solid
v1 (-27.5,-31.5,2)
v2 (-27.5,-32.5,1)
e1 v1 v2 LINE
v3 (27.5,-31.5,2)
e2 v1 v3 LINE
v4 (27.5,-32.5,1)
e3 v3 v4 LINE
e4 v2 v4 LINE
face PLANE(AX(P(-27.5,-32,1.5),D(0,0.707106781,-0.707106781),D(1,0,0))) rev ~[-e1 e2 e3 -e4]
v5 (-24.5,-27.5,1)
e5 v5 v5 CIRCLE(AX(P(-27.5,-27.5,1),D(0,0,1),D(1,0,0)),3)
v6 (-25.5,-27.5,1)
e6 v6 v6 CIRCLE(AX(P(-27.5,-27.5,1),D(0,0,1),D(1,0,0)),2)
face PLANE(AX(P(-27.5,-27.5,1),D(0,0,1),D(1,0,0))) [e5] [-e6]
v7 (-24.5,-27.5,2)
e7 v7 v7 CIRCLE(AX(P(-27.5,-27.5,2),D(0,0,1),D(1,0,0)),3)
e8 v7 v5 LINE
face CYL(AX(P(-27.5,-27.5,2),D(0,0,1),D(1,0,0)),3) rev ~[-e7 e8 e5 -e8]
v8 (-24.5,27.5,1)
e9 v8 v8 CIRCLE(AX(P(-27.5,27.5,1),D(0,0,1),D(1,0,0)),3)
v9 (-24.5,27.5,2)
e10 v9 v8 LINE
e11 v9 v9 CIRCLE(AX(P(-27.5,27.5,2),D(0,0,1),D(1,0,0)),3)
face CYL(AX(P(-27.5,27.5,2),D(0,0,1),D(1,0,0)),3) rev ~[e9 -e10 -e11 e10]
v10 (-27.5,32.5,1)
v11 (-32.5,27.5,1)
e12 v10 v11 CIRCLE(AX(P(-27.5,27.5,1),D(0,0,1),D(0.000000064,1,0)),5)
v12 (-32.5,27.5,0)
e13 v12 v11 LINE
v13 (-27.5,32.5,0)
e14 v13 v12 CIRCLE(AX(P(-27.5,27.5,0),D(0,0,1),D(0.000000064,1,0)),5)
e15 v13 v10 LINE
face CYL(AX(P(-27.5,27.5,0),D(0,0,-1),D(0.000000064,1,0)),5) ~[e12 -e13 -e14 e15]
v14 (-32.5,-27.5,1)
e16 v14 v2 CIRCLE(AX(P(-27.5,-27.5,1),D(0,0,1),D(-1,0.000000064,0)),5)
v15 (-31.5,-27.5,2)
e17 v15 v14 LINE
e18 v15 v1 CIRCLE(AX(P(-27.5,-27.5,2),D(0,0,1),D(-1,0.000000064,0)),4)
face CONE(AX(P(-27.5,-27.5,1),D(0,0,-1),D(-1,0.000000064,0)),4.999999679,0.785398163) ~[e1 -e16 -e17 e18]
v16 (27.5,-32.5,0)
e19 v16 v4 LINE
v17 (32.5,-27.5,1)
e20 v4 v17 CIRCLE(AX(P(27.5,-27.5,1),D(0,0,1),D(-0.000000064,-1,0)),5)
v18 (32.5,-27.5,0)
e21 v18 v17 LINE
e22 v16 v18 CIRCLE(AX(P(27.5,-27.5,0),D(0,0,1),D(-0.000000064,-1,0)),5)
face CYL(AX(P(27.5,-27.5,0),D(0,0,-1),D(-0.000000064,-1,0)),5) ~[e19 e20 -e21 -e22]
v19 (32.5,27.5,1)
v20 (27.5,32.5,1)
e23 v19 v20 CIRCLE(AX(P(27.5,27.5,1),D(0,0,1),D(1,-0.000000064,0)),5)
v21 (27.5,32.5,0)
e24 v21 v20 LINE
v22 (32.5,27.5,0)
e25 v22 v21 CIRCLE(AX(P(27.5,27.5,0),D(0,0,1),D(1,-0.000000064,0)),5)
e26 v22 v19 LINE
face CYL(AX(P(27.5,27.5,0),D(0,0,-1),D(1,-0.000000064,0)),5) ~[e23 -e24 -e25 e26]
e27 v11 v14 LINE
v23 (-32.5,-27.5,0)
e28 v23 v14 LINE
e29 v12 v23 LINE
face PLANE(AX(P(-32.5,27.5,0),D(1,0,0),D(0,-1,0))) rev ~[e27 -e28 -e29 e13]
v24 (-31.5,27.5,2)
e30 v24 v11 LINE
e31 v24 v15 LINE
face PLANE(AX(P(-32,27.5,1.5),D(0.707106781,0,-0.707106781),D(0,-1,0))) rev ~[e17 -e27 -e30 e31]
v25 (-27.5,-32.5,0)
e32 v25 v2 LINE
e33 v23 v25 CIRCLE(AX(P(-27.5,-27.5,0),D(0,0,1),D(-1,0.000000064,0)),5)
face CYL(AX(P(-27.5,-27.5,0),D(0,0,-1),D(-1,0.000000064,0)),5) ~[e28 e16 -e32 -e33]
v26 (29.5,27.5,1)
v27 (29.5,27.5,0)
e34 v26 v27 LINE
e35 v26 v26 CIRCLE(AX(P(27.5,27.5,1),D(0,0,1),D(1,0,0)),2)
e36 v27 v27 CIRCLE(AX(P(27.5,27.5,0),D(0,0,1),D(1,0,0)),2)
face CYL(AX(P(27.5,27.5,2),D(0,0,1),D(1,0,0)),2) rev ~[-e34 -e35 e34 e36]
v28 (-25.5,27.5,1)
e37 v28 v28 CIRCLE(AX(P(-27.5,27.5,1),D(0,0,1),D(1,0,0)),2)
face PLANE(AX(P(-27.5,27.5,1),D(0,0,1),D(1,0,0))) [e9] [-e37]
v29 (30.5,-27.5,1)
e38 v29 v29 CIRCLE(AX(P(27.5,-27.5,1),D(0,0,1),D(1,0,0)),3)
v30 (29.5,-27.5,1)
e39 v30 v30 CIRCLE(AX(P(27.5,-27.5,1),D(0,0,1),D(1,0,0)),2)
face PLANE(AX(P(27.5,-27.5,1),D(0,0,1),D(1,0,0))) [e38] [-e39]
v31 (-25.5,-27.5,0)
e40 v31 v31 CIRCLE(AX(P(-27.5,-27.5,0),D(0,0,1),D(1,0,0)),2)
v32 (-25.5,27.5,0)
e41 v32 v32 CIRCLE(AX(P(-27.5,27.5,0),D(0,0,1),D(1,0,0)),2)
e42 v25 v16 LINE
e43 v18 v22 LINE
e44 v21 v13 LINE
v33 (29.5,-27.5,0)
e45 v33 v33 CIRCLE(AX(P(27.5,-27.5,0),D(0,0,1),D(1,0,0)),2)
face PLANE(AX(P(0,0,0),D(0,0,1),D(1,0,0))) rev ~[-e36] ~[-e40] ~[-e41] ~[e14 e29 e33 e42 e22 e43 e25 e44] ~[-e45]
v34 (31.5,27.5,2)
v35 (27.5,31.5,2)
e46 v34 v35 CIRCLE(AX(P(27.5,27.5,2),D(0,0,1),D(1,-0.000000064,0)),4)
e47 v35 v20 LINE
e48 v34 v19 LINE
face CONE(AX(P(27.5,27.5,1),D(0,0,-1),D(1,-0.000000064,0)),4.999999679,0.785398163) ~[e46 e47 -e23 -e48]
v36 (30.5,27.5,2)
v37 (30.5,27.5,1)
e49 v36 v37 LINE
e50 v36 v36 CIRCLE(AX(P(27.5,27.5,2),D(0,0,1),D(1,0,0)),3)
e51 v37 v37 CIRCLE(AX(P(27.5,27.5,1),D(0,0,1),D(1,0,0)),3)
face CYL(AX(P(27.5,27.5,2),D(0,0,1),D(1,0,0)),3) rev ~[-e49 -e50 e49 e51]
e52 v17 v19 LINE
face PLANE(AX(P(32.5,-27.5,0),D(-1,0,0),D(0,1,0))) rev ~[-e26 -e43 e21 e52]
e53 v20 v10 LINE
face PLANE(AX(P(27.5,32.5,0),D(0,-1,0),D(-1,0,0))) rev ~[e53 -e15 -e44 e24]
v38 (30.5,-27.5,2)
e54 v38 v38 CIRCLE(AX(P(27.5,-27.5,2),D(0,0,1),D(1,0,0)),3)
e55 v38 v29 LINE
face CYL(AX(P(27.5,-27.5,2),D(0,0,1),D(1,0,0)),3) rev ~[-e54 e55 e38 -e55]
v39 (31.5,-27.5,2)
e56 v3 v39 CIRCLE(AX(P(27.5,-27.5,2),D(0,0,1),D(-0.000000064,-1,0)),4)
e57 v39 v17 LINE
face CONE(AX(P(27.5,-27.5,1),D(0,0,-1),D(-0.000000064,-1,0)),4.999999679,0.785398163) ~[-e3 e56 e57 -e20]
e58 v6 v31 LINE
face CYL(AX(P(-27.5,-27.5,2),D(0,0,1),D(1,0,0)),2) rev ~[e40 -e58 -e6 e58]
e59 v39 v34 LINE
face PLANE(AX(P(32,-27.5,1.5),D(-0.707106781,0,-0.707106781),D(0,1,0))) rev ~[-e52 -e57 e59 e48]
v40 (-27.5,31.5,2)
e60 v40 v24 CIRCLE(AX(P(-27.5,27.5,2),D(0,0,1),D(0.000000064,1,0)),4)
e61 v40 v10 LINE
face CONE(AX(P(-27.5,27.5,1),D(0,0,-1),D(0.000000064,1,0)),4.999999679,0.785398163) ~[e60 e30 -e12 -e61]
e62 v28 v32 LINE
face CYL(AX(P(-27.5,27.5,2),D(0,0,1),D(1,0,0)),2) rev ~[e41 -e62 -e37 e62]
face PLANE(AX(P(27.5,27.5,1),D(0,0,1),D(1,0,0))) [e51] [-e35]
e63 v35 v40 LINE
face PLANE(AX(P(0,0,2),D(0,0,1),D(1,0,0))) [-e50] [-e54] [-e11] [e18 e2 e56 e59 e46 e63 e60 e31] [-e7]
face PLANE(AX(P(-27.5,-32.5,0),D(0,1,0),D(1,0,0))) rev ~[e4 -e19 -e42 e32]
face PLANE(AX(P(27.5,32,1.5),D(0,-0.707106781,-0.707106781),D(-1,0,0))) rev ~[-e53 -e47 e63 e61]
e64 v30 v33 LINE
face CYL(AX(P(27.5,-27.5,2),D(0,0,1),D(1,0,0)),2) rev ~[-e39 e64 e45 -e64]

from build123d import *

# Parameters (mm, degrees)
F1_DEPTH = 2
F2_R     = 2
F3_DEPTH = 2
F2_R_2   = 3
F4_DEPTH = 1
F5_SIZE  = 1


with BuildPart() as f1:
    # F0 (on Top) → F1 (new body)
    with BuildSketch(Plane.XY):
        with BuildLine():
            ThreePointArc((32.5, 27.5), (31.035534, 31.035534), (27.5, 32.5))
            Line((27.5, 32.5), (-27.5, 32.5))
            ThreePointArc((-27.5, 32.5), (-31.035534, 31.035534), (-32.5, 27.5))
            Line((-32.5, 27.5), (-32.5, -27.5))
            ThreePointArc((-32.5, -27.5), (-31.035534, -31.035534), (-27.5, -32.5))
            Line((-27.5, -32.5), (27.5, -32.5))
            ThreePointArc((27.5, -32.5), (31.035534, -31.035534), (32.5, -27.5))
            Line((32.5, -27.5), (32.5, 27.5))
        make_face()
    extrude(amount=F1_DEPTH)

    # F2 (on face) → F3 (cut, through all)
    with BuildSketch(Plane.XY.offset(2)):
        with Locations((-27.5, 27.5)):
            Circle(F2_R)
        with Locations((27.5, 27.5)):
            Circle(F2_R)
        with Locations((27.5, -27.5)):
            Circle(F2_R)
        with Locations((-27.5, -27.5)):
            Circle(F2_R)
    extrude(amount=-F3_DEPTH, mode=Mode.SUBTRACT)

    # F2 (on face) → F4 (cut)
    with BuildSketch(Plane.XY.offset(2)):
        with Locations((-27.5, 27.5)):
            Circle(F2_R_2)
        with Locations((-27.5, 27.5)):
            Circle(F2_R, mode=Mode.SUBTRACT)
        with Locations((27.5, 27.5)):
            Circle(F2_R_2)
        with Locations((27.5, 27.5)):
            Circle(F2_R, mode=Mode.SUBTRACT)
        with Locations((-27.5, -27.5)):
            Circle(F2_R_2)
        with Locations((-27.5, -27.5)):
            Circle(F2_R, mode=Mode.SUBTRACT)
        with Locations((27.5, -27.5)):
            Circle(F2_R_2)
        with Locations((27.5, -27.5)):
            Circle(F2_R, mode=Mode.SUBTRACT)
    extrude(amount=-F4_DEPTH, mode=Mode.SUBTRACT)

    # F5
    f5_edges = [f1.edges().sort_by_distance(p)[0] for p in [
        (-32.5, 0, 2),
        (-31.035534, 31.035534, 2),
        (0, 32.5, 2),
        (31.035534, 31.035534, 2),
        (32.5, 0, 2),
        (31.035534, -31.035534, 2),
        (0, -32.5, 2),
        (-31.035534, -31.035534, 2),
    ]]
    chamfer(f5_edges, length=F5_SIZE)


solid = f1.part
